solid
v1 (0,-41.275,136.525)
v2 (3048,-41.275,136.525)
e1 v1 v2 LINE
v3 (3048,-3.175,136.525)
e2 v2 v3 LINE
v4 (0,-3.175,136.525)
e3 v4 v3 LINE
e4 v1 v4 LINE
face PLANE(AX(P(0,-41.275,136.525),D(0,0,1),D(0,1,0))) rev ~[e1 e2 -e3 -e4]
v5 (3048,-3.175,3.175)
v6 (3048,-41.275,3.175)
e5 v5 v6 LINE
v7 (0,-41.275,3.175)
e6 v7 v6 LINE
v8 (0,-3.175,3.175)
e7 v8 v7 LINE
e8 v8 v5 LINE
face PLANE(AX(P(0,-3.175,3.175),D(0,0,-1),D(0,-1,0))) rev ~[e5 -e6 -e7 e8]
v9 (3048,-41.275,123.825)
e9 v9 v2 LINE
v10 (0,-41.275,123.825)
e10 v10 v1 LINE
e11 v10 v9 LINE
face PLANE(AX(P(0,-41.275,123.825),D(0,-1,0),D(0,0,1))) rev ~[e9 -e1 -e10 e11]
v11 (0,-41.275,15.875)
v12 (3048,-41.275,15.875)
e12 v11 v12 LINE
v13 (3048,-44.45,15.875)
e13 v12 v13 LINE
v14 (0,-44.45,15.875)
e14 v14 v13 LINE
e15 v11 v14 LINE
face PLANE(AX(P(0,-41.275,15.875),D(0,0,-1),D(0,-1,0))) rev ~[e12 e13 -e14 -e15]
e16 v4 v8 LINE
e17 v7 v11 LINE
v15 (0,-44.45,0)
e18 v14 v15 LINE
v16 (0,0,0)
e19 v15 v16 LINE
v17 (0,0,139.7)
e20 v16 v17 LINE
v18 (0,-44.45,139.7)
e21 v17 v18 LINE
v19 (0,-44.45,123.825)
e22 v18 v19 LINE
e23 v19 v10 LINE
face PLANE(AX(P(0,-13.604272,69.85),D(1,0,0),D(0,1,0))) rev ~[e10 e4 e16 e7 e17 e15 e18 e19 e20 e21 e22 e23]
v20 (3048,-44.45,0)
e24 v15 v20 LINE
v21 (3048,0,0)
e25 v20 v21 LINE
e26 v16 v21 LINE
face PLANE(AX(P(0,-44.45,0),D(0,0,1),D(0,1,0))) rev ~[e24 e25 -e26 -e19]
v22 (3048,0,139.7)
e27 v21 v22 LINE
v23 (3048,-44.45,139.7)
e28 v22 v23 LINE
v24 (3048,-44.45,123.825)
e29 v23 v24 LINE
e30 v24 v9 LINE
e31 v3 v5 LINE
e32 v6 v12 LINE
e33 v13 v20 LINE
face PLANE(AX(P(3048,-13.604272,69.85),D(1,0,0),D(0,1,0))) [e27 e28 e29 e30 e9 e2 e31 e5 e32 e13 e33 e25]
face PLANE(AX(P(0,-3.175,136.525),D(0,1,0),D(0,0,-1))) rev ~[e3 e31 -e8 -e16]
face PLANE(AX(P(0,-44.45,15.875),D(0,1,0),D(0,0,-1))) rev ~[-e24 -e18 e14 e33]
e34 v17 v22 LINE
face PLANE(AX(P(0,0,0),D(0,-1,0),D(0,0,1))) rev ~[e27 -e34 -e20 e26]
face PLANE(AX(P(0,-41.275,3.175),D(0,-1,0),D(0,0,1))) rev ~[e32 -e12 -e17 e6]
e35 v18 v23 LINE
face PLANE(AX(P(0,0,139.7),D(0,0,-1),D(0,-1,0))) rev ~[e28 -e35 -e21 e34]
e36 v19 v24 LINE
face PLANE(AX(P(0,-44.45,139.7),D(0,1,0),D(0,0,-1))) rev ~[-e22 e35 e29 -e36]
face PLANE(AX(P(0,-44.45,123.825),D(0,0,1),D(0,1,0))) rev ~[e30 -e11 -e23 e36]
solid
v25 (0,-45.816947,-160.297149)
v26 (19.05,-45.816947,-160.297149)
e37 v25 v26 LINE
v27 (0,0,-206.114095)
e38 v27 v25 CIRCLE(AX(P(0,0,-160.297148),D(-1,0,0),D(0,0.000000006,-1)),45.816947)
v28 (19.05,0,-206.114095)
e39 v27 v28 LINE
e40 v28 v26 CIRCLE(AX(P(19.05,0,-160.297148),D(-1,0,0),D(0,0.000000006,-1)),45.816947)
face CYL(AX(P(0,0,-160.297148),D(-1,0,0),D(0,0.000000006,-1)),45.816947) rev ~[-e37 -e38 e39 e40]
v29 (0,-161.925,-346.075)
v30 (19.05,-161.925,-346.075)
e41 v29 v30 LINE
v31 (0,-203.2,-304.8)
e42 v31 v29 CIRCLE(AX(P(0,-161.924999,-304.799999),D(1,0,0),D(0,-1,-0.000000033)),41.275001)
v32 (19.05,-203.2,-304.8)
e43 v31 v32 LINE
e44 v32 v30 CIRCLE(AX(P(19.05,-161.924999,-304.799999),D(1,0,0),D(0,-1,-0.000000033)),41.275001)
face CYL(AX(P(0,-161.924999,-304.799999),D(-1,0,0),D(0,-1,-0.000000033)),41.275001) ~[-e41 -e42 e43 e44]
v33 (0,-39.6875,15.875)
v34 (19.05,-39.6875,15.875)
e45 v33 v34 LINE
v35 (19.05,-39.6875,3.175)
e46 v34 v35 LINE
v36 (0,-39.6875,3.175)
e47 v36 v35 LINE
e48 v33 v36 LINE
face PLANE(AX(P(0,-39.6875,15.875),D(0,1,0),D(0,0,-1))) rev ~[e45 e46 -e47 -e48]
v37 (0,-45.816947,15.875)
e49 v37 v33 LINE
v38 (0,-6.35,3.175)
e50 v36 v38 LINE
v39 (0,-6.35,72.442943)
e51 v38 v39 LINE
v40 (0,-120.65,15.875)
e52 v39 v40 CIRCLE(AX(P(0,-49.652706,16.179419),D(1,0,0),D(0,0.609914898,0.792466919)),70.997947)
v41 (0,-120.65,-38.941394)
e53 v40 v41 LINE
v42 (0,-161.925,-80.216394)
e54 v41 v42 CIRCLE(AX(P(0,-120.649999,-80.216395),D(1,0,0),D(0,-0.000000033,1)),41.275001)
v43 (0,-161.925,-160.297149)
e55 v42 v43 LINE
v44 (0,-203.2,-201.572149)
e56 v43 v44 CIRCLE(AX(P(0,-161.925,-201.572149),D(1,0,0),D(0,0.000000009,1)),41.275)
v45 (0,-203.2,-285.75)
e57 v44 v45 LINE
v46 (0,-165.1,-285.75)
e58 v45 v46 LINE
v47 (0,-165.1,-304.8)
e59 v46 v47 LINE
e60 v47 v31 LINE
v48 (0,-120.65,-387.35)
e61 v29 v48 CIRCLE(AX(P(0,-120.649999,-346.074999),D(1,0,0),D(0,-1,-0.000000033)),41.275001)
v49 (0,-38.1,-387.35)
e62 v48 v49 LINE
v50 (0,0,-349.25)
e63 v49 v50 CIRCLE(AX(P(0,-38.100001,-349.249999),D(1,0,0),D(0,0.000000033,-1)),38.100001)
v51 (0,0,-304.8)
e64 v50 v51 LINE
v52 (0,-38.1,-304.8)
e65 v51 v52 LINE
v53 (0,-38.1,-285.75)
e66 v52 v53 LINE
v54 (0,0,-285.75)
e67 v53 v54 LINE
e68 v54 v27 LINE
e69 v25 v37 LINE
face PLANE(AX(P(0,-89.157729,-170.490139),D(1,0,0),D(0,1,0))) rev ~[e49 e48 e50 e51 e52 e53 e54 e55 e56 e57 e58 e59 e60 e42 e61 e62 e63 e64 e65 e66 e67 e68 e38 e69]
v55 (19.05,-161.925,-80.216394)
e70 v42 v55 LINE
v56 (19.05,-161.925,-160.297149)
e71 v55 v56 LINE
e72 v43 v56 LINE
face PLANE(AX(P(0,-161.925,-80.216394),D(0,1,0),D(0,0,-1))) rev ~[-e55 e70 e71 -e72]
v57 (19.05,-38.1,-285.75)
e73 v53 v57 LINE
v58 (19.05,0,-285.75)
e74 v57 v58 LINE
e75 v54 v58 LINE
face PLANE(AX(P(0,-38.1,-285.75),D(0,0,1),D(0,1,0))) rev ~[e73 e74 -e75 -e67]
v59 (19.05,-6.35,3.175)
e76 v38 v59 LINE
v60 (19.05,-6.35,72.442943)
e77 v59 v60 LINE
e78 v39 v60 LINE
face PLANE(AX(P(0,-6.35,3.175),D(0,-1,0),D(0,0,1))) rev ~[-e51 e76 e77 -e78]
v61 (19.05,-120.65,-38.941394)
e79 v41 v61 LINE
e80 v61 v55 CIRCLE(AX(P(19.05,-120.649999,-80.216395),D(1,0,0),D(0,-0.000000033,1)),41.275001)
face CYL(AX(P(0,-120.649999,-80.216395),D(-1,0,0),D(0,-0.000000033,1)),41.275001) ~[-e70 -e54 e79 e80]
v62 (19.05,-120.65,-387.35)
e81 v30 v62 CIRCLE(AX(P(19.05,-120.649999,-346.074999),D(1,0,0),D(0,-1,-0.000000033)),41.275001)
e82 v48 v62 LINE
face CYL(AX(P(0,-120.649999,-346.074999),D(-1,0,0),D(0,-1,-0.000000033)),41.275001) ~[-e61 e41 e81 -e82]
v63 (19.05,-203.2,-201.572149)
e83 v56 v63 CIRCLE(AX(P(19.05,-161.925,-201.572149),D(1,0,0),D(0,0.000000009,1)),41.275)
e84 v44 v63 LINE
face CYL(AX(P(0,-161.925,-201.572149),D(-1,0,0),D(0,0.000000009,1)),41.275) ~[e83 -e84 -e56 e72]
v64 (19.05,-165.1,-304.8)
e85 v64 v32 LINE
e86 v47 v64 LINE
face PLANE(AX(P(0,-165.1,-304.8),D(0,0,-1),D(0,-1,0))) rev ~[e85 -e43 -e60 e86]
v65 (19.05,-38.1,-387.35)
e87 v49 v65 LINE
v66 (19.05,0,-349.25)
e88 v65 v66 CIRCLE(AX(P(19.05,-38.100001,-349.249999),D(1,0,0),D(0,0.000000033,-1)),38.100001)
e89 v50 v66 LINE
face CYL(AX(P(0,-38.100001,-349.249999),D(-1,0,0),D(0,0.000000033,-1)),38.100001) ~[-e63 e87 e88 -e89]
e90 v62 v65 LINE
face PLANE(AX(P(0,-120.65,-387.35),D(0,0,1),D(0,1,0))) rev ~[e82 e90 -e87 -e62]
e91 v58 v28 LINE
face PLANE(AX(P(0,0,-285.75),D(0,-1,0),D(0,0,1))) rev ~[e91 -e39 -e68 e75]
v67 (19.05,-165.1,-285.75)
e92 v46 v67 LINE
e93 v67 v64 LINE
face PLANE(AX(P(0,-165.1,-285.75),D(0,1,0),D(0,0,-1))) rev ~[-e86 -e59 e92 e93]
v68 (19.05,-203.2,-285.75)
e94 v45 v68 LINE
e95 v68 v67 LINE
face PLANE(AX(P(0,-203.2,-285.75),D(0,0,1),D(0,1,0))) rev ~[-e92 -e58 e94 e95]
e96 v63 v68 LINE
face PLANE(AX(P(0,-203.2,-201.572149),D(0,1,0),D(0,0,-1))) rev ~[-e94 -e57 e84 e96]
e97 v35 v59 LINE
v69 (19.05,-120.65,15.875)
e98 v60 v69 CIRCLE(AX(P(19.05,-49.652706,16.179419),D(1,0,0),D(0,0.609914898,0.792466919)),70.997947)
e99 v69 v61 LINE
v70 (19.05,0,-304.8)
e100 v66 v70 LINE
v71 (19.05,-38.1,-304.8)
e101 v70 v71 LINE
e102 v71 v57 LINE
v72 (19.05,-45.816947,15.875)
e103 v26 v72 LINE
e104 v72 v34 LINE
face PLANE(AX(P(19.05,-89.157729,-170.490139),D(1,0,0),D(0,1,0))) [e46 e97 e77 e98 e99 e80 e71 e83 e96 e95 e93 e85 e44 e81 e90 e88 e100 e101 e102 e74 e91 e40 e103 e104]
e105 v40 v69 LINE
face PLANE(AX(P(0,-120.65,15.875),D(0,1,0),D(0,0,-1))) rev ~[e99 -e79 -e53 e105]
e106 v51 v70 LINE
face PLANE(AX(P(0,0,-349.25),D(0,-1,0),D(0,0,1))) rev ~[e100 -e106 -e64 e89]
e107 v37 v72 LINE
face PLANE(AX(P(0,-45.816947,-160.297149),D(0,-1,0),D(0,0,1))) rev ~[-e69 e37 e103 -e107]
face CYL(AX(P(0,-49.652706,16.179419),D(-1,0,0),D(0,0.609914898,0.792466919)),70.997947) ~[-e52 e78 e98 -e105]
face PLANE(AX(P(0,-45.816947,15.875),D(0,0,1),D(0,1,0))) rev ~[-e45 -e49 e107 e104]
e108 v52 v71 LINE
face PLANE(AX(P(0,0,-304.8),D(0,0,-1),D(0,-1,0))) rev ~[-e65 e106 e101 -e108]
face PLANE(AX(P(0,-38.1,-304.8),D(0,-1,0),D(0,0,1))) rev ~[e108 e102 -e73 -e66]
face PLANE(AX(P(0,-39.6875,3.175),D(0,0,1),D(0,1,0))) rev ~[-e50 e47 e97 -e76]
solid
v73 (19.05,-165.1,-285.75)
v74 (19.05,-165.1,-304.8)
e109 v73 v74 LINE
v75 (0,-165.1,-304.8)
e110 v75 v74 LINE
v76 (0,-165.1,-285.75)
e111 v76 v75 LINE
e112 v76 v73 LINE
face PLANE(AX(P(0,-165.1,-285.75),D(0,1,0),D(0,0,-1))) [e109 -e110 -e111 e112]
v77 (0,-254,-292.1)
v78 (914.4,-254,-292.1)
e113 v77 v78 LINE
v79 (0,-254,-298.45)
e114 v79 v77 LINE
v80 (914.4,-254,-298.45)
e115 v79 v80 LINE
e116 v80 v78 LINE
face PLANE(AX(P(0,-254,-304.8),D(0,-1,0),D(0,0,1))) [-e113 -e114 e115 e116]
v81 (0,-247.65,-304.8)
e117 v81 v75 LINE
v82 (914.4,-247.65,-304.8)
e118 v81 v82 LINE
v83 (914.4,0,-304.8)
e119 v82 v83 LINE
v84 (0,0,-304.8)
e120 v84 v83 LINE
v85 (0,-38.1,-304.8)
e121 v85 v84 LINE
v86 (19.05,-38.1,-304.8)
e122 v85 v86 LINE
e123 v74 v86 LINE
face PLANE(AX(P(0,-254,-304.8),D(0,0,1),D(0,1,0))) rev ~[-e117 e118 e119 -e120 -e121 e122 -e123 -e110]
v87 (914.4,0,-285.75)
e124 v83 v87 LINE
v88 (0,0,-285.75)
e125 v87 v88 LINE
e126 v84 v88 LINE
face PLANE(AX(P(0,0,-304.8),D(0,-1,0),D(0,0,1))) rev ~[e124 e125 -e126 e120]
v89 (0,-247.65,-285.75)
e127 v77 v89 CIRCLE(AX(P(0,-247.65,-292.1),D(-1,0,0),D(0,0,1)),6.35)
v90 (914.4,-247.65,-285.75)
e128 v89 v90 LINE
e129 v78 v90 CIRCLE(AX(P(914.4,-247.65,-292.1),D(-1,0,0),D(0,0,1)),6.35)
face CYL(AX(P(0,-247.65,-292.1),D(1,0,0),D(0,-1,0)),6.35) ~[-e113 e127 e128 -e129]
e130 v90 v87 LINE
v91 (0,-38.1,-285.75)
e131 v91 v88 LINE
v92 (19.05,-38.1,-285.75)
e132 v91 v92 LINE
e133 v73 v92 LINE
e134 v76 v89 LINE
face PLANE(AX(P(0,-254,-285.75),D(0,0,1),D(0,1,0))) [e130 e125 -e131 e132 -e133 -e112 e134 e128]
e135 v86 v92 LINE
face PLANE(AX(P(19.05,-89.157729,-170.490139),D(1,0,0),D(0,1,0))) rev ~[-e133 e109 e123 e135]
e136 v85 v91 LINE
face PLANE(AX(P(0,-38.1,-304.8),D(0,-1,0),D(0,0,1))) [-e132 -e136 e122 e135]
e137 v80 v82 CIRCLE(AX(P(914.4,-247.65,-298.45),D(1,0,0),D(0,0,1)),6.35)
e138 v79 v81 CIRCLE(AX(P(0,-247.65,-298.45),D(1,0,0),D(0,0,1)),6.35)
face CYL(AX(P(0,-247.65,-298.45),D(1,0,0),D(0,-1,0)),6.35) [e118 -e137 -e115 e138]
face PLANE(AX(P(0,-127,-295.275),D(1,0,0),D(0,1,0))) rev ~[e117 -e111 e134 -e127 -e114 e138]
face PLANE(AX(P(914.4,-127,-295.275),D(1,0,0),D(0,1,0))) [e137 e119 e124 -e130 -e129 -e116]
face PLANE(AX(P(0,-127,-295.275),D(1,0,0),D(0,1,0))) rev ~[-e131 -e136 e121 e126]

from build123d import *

# Parameters (mm, degrees)
F1_DEPTH = 3048
F2_W     = 254
F2_H     = 19.05
F3_DEPTH = 914.4
F5_DEPTH = 19.05
F7_R     = 6.35


with BuildPart() as f1:
    # F0 (on Right) → F1 (new body)
    with BuildSketch(Plane.YZ):
        Polygon((-44.45, 139.7), (-44.45, 123.825), (-41.275, 123.825), (-41.275, 136.525), (-3.175, 136.525), (-3.175, 3.175), (-41.275, 3.175), (-41.275, 15.875), (-44.45, 15.875), (-44.45, 0), (0, 0), (0, 139.7), align=None)
    extrude(amount=F1_DEPTH)


with BuildPart() as f3:
    # F2 (on Right) → F3 (new body)
    with BuildSketch(Plane.YZ):
        with Locations((-127, -295.275)):
            Rectangle(F2_W, F2_H)
    extrude(amount=F3_DEPTH)


with BuildPart() as f5:
    # F4 (on Right) → F5 (new body)
    with BuildSketch(Plane.YZ):
        with BuildLine():
            Line((-6.35, 3.175), (-6.35, 72.442943))
            ThreePointArc((-6.35, 72.442943), (-81.14446, 79.810998), (-120.65, 15.875))
            Line((-120.65, 15.875), (-120.65, -38.941394))
            ThreePointArc((-120.65, -38.941394), (-149.835832, -51.030562), (-161.925, -80.216394))
            Line((-161.925, -80.216394), (-161.925, -160.297149))
            ThreePointArc((-161.925, -160.297149), (-191.110832, -172.386316), (-203.2, -201.572149))
            Line((-203.2, -201.572149), (-203.2, -285.75))
            Line((-203.2, -285.75), (-165.1, -285.75))
            Line((-165.1, -285.75), (-165.1, -304.8))
            Line((-165.1, -304.8), (-203.2, -304.8))
            ThreePointArc((-203.2, -304.8), (-191.110832, -333.985832), (-161.925, -346.075))
            ThreePointArc((-161.925, -346.075), (-149.835832, -375.260832), (-120.65, -387.35))
            Line((-120.65, -387.35), (-38.1, -387.35))
            ThreePointArc((-38.1, -387.35), (-11.159232, -376.190768), (0, -349.25))
            Line((0, -349.25), (0, -304.8))
            Line((0, -304.8), (-38.1, -304.8))
            Line((-38.1, -304.8), (-38.1, -285.75))
            Line((-38.1, -285.75), (0, -285.75))
            Line((0, -285.75), (0, -206.114095))
            ThreePointArc((0, -206.114095), (-32.397474, -192.694622), (-45.816947, -160.297149))
            Line((-45.816947, -160.297149), (-45.816947, -75.95744))
            Line((-45.816947, -75.95744), (-45.816947, 15.875))
            Line((-45.816947, 15.875), (-39.6875, 15.875))
            Line((-39.6875, 15.875), (-39.6875, 3.175))
            Line((-39.6875, 3.175), (-6.35, 3.175))
        make_face()
    extrude(amount=F5_DEPTH)


with BuildPart() as f3_1:
    add(f3.part)

    # F6: cut F5
    add(f5.part, mode=Mode.SUBTRACT)

    # F7
    f7_edges = [f3_1.edges().sort_by_distance(p)[0] for p in [
        (457.2, -254, -285.75),
        (457.2, -254, -304.8),
    ]]
    fillet(f7_edges, radius=F7_R)


solid = Compound([f1.part, f5.part, f3_1.part])
